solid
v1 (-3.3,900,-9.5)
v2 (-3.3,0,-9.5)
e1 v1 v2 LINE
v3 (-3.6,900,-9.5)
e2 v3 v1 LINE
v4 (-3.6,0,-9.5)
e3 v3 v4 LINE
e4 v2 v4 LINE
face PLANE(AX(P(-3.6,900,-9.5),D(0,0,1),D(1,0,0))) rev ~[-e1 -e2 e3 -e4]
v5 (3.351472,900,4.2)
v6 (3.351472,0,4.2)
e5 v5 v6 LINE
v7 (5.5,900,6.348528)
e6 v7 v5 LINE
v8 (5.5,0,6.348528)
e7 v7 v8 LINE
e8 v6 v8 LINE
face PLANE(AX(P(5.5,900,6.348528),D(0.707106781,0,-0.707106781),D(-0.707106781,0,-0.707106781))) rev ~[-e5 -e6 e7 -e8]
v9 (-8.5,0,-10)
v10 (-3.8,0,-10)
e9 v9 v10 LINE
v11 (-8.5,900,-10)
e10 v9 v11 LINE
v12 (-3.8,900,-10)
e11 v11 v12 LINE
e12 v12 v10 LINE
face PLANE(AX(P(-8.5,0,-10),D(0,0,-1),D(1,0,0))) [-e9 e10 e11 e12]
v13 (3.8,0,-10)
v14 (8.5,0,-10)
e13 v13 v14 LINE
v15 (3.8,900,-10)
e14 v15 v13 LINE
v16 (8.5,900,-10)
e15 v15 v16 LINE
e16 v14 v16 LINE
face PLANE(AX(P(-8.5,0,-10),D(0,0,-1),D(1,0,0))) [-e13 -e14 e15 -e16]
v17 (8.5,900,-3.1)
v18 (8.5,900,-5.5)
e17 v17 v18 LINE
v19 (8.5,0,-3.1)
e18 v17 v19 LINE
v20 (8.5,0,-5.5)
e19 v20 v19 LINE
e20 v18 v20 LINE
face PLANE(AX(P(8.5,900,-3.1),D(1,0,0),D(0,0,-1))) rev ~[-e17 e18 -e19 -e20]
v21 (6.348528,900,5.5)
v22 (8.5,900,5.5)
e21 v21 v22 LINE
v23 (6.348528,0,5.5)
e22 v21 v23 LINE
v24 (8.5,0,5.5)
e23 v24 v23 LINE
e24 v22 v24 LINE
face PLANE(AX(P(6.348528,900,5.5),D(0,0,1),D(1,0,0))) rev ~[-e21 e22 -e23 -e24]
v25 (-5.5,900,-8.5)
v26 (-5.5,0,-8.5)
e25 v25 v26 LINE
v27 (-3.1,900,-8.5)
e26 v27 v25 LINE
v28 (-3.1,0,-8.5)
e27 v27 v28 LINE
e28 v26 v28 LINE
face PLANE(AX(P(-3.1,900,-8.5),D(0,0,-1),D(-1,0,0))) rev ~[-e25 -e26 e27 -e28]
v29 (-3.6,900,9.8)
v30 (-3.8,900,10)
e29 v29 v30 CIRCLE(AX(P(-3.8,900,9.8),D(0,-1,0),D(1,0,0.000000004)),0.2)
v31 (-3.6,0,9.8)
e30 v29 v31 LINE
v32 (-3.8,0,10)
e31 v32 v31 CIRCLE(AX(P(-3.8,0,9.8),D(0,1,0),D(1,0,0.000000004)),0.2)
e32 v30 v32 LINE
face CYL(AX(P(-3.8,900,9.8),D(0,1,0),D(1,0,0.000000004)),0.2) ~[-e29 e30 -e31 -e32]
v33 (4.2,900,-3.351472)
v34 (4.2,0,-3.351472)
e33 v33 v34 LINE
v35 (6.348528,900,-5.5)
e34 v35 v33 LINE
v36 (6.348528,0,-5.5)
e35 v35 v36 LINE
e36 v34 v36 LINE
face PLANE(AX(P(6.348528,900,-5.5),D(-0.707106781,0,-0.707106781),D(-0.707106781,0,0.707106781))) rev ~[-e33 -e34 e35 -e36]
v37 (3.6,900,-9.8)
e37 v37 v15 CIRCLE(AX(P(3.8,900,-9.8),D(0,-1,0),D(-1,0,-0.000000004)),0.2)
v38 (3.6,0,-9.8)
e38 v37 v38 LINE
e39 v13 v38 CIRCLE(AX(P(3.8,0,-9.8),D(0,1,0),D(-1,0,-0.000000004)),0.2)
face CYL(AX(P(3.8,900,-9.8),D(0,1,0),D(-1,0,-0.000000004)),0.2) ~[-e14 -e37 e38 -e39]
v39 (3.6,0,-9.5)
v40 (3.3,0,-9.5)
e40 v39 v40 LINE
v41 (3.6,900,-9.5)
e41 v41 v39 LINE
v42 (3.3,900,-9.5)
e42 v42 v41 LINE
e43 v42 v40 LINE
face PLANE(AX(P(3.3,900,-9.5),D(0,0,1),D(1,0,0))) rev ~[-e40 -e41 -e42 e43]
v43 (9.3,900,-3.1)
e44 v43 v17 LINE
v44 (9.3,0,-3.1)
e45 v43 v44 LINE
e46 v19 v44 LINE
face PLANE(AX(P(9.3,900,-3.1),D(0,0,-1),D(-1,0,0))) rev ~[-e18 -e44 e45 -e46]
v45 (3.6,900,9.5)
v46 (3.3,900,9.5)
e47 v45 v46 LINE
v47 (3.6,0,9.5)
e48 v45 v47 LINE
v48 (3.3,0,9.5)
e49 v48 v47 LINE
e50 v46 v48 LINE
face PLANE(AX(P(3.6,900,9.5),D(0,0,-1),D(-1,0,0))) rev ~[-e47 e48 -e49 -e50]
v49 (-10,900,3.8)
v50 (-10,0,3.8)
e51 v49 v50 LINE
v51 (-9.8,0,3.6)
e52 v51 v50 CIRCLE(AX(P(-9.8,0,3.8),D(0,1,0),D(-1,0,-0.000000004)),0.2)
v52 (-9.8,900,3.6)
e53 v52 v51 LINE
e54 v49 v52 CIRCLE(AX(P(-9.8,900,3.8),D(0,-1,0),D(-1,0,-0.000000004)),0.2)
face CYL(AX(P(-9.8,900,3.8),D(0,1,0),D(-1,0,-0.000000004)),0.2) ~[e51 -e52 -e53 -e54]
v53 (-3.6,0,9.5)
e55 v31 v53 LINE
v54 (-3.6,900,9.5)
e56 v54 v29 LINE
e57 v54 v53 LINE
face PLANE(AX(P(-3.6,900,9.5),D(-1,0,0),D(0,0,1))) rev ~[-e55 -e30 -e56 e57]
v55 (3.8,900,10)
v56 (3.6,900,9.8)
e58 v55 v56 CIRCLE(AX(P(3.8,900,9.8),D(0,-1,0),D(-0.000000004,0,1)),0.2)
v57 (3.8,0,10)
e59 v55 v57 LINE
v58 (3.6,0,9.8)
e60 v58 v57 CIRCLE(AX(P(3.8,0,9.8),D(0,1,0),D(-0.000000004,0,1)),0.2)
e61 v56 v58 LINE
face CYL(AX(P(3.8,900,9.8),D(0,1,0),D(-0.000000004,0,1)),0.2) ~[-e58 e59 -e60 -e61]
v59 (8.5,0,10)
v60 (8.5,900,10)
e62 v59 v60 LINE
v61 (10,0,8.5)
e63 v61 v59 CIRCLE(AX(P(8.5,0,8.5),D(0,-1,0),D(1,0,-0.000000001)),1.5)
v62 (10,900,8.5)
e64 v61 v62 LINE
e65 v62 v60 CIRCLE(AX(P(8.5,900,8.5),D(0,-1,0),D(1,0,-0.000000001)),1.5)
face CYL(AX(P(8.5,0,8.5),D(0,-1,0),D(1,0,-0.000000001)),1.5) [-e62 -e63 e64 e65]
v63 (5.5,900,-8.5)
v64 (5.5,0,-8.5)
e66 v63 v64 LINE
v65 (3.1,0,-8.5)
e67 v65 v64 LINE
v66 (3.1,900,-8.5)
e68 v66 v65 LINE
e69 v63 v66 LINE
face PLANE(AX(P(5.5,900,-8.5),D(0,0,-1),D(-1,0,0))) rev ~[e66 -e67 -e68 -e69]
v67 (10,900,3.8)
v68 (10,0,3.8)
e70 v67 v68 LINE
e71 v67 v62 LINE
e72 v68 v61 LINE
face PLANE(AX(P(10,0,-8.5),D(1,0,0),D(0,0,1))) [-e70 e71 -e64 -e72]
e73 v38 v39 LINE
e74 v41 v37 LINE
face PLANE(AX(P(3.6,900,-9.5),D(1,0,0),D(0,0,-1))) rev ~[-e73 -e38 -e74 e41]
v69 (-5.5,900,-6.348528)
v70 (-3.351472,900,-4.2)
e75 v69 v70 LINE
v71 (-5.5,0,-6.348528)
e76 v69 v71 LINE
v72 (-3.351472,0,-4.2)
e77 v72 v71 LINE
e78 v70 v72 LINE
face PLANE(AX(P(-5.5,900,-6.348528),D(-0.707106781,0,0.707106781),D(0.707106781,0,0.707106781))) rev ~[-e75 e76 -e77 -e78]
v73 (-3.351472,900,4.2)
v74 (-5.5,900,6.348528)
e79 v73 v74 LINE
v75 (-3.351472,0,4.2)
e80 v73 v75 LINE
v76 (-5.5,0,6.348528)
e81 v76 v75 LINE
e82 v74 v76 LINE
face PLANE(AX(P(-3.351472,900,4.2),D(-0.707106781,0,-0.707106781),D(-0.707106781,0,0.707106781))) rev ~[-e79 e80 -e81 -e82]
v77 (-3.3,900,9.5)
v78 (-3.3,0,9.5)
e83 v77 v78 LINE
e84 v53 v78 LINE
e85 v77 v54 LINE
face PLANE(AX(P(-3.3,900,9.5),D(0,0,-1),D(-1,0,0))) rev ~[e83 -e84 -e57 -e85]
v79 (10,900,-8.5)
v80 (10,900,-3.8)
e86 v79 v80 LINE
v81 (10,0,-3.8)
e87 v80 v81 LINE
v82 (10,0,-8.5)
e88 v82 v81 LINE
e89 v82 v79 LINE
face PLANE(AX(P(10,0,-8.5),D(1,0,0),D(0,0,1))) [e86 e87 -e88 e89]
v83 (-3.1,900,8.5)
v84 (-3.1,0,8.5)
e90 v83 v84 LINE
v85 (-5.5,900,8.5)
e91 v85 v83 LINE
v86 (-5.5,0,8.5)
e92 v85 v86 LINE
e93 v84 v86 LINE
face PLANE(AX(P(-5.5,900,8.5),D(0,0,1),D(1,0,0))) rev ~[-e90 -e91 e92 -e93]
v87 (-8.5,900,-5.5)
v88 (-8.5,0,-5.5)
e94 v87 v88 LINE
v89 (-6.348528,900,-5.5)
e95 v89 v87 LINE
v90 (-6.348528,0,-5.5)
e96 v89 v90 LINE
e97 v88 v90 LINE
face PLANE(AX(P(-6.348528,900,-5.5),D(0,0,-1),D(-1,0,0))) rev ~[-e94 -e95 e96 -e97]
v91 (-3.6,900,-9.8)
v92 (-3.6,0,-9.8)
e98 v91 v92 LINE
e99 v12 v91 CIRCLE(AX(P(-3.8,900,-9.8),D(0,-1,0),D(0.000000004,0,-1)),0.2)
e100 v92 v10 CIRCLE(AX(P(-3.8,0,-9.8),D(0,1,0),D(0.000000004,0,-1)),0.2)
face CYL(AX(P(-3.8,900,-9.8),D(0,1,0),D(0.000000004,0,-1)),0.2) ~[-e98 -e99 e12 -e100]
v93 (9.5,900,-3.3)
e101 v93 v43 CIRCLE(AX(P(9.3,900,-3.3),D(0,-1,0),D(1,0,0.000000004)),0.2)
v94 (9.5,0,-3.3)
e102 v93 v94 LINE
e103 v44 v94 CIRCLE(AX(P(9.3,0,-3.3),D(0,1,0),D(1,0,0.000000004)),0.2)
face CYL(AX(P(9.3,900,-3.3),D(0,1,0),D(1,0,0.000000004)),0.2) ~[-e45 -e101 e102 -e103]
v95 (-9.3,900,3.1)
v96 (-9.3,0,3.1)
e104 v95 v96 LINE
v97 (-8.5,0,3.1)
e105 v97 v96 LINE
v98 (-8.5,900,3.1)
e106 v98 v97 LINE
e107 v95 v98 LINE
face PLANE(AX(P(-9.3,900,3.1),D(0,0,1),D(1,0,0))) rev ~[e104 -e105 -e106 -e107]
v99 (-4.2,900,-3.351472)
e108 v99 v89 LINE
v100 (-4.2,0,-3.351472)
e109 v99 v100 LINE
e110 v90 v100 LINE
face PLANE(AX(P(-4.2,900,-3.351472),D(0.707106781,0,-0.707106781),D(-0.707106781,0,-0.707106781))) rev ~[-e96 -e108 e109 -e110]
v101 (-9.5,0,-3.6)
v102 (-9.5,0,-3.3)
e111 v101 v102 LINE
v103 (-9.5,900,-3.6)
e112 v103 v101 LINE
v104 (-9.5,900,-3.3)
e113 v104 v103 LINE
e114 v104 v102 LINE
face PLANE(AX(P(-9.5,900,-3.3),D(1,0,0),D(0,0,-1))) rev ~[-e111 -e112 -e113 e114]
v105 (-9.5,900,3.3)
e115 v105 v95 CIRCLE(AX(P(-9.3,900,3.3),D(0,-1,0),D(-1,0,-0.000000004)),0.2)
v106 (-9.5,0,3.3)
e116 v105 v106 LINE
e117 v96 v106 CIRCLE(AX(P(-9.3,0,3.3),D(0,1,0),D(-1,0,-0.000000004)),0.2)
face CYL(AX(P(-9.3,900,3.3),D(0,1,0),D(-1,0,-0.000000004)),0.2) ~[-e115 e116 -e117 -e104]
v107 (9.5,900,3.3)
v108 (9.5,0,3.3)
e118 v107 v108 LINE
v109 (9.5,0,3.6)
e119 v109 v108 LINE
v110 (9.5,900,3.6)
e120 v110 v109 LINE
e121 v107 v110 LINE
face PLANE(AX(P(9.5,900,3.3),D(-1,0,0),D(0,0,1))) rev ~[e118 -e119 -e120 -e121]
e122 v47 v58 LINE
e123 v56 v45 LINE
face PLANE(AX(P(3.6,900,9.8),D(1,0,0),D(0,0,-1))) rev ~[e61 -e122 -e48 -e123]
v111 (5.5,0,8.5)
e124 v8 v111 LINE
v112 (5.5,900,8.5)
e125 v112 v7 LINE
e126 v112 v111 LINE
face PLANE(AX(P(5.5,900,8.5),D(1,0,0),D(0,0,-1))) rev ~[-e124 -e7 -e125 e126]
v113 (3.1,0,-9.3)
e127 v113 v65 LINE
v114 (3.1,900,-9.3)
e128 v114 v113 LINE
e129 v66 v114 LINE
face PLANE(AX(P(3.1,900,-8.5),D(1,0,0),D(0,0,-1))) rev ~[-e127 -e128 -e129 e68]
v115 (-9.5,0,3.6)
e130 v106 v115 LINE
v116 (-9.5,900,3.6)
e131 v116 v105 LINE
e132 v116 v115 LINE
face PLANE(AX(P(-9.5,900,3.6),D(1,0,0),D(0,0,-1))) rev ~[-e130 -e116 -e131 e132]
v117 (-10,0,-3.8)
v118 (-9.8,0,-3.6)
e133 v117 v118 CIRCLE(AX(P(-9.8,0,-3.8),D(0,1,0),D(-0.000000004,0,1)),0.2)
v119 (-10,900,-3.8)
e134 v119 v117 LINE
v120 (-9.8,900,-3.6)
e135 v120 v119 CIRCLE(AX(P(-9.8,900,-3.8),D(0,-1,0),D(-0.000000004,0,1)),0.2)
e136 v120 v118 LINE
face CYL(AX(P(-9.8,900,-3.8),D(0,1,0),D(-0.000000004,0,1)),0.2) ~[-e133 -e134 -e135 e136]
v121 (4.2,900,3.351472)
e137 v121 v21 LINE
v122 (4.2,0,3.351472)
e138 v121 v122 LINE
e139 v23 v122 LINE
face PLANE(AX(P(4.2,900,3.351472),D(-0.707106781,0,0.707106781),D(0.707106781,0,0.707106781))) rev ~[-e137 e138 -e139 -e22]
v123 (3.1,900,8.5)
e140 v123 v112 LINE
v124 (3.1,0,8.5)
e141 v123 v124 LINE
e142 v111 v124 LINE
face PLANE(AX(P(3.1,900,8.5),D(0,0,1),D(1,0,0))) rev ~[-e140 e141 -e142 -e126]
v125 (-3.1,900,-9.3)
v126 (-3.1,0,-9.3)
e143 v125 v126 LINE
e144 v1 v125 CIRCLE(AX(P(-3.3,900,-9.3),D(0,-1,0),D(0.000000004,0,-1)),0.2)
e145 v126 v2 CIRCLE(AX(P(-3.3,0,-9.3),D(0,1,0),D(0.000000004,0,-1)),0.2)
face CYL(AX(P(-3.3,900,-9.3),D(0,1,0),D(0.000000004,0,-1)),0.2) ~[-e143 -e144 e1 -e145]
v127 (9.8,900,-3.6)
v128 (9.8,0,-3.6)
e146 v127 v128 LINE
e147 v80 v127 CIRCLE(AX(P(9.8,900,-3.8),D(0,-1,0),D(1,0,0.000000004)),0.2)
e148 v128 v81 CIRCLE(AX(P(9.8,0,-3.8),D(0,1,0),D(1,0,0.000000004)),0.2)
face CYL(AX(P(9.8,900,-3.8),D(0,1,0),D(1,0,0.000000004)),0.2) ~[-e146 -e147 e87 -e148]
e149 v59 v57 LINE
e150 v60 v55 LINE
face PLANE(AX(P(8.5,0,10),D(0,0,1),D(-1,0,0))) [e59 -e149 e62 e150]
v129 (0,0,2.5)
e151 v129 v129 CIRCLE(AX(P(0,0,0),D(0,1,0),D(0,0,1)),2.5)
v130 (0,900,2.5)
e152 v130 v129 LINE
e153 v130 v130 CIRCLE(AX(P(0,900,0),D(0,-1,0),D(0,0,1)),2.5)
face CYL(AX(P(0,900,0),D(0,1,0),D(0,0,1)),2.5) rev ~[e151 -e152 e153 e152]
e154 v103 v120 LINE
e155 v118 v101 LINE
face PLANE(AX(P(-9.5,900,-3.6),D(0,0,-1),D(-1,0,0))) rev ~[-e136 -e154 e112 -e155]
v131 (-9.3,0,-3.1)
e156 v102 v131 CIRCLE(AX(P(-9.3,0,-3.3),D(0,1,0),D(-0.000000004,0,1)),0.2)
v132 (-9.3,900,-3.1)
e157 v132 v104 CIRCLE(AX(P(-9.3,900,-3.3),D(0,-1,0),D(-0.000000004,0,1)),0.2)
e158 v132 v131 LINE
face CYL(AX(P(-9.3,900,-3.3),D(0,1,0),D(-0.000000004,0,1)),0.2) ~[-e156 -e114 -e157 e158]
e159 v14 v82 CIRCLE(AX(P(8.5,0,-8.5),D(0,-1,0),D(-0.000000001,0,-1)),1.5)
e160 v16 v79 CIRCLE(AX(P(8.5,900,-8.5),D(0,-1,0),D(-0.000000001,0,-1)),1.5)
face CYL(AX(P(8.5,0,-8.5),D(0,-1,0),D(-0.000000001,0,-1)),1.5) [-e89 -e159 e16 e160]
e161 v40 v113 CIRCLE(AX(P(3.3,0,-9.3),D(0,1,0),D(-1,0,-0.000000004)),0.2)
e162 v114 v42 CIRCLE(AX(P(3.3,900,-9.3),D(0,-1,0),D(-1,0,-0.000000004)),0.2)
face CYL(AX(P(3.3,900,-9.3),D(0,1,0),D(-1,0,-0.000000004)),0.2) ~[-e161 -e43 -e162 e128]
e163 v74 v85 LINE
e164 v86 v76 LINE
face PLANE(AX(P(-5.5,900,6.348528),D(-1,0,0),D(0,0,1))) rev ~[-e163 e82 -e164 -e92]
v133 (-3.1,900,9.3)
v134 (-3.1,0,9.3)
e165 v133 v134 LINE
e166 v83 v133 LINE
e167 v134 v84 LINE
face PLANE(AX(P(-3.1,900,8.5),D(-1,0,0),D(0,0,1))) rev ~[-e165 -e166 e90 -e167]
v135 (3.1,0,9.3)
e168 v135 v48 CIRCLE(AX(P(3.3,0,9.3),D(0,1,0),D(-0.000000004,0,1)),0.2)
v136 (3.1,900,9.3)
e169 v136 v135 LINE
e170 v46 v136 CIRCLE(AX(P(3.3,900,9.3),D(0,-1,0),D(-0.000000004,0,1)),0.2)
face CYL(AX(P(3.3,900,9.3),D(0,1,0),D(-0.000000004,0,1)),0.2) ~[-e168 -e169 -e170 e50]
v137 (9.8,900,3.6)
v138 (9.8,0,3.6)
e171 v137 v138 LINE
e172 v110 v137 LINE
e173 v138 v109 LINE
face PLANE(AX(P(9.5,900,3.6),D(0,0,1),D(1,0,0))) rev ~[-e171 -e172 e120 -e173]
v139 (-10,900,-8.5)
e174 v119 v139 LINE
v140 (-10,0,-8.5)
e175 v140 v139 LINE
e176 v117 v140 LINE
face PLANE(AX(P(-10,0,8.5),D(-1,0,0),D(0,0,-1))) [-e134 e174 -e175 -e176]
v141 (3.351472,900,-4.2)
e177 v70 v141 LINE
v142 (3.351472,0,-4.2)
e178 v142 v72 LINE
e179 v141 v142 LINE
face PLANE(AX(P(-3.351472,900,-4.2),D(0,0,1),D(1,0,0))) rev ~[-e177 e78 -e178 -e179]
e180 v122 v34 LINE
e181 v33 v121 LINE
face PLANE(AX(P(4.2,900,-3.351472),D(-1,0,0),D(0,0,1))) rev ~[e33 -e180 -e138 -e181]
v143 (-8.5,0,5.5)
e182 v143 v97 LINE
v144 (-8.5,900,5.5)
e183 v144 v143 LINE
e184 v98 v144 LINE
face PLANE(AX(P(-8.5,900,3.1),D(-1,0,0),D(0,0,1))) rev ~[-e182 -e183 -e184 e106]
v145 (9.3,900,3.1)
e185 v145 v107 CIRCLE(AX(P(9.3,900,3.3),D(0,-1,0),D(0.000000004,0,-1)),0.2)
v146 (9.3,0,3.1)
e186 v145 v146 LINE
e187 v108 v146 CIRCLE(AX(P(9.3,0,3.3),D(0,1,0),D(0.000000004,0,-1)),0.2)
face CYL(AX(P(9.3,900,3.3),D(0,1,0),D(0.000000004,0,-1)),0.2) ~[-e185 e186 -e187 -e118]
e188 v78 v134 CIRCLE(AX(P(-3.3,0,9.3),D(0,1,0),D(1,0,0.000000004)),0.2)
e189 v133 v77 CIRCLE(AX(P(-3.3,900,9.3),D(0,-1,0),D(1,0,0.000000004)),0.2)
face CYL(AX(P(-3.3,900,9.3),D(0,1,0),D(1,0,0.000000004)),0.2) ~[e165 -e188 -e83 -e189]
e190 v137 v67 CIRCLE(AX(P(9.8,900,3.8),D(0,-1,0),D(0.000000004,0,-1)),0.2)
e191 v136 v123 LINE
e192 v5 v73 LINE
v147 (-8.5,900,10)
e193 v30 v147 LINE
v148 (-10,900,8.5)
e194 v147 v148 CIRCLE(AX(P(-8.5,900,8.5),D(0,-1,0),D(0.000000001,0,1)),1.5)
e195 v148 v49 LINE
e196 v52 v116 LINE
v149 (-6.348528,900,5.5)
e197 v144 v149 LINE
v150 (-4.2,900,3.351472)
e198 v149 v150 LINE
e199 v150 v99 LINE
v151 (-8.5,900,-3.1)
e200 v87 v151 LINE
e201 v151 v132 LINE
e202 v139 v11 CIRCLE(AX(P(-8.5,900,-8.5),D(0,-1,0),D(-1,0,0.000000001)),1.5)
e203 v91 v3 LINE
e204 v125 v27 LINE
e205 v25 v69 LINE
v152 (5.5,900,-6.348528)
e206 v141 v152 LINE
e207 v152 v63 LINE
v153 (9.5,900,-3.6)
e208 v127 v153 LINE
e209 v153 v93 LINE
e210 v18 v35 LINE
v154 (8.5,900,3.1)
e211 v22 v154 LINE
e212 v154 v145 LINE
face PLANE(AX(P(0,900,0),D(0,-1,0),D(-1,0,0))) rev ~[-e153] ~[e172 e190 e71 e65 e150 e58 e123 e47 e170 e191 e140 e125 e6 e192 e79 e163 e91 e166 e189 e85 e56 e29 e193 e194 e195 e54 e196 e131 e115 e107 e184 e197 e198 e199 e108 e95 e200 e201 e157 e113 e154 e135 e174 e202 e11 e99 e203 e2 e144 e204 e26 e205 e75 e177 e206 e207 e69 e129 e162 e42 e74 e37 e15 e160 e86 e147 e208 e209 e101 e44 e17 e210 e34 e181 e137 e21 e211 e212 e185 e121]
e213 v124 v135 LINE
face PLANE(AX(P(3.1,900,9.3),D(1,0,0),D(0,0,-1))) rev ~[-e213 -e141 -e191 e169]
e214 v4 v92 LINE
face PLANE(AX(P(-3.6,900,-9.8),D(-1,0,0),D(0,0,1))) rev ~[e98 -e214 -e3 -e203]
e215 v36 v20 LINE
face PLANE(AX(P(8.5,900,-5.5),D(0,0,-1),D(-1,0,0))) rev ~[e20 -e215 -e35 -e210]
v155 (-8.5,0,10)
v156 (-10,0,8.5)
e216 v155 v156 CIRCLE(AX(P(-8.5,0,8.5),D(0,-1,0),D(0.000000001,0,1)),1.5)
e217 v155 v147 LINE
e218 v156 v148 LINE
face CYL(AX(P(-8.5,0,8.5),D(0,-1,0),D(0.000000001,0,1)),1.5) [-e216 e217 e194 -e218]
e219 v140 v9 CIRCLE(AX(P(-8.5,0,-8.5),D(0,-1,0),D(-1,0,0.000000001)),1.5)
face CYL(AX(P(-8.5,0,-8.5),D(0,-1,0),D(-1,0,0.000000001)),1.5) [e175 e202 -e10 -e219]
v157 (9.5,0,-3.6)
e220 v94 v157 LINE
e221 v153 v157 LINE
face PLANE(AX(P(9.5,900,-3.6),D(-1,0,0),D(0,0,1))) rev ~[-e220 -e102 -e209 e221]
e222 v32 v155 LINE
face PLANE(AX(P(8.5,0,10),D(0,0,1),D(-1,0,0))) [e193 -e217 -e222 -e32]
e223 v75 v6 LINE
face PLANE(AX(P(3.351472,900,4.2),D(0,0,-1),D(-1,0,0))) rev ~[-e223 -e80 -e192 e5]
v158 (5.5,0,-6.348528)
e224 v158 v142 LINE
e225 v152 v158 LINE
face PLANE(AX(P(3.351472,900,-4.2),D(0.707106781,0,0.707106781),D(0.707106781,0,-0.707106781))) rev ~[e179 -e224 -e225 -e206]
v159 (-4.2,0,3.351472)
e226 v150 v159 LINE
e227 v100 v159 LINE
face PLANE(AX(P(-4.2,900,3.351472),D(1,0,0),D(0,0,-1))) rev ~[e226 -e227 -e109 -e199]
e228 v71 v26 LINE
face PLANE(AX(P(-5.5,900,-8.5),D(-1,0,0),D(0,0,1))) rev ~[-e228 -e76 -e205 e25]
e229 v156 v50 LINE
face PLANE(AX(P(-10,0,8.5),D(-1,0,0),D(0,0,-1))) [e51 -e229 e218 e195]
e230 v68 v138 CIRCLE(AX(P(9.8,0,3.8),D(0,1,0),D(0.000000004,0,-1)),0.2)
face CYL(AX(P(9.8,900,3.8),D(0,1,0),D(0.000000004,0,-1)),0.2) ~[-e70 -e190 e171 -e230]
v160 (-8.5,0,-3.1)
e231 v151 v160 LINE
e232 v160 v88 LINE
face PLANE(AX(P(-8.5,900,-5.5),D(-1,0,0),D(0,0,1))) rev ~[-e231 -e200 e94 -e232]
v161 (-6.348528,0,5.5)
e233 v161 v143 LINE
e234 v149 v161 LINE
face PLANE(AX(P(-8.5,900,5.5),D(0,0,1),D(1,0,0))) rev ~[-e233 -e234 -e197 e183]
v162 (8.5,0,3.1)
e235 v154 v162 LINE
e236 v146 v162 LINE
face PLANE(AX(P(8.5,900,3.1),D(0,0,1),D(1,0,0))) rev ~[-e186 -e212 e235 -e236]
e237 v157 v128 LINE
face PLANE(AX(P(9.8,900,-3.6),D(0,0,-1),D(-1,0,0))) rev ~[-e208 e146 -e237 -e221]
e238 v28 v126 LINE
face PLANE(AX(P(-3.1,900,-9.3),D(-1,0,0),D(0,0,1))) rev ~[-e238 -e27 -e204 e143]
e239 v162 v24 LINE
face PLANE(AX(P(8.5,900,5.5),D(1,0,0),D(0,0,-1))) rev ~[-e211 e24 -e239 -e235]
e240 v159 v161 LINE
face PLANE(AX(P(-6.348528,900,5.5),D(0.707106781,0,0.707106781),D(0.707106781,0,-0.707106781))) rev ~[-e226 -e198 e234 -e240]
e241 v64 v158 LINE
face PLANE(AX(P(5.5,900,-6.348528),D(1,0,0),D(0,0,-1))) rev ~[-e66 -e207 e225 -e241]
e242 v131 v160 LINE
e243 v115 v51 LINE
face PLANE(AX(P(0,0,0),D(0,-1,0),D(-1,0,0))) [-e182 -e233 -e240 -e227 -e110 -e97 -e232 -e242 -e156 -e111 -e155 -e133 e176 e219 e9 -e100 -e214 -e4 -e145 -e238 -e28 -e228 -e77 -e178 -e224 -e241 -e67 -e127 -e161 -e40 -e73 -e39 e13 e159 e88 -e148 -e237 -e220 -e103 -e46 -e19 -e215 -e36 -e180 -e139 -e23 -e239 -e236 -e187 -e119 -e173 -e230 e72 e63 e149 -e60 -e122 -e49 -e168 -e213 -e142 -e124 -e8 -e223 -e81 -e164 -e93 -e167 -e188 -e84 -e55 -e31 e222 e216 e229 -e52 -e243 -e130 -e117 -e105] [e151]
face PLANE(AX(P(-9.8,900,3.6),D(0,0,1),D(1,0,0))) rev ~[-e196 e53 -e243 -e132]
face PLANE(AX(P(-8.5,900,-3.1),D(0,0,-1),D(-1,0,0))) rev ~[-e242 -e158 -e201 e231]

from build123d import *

# Parameters (mm, degrees)
BOSS_EXTRUDE1_DEPTH = 900
SKETCH3_R           = 2.5
CUT_EXTRUDE1_DEPTH  = 901.111104253
CIRPATTERN1_COUNT   = 4


with BuildPart() as part:
    # Sketch2 → Boss-Extrude1 (new body)
    with BuildSketch(Plane(origin=(0, 0, 0), x_dir=(1, 0, 0), z_dir=(0, 1, 0))):
        with BuildLine():
            Line((-10, -8.5), (-10, 8.5))
            ThreePointArc((-10, 8.5), (-9.560660172, 9.560660172), (-8.5, 10))
            Line((-8.5, 10), (8.5, 10))
            ThreePointArc((8.5, 10), (9.560660172, 9.560660172), (10, 8.5))
            Line((10, 8.5), (10, -8.5))
            ThreePointArc((10, -8.5), (9.560660172, -9.560660172), (8.5, -10))
            Line((8.5, -10), (-8.5, -10))
            ThreePointArc((-8.5, -10), (-9.560660172, -9.560660172), (-10, -8.5))
        make_face()
    extrude(amount=BOSS_EXTRUDE1_DEPTH)

    # Sketch3 → Cut-Extrude1 (cut, through all)
    with BuildSketch(Plane(origin=(0, 900, 0), x_dir=(1, 0, 0), z_dir=(0, 1, 0))):
        with BuildLine():
            Line((-6.348528137, -5.5), (-4.2, -3.351471863))
            Line((-4.2, -3.351471863), (-4.2, 3.351471863))
            Line((-4.2, 3.351471863), (-6.348528137, 5.5))
            Line((-6.348528137, 5.5), (-8.5, 5.5))
            Line((-8.5, 5.5), (-8.5, 3.1))
            Line((-8.5, 3.1), (-9.3, 3.1))
            ThreePointArc((-9.3, 3.1), (-9.441421356, 3.158578644), (-9.5, 3.3))
            Line((-9.5, 3.3), (-9.5, 3.6))
            Line((-9.5, 3.6), (-9.8, 3.6))
            ThreePointArc((-9.8, 3.6), (-9.941421356, 3.658578644), (-10, 3.8))
            Line((-10, 3.8), (-10, -3.8))
            ThreePointArc((-10, -3.8), (-9.941421356, -3.658578644), (-9.8, -3.6))
            Line((-9.8, -3.6), (-9.5, -3.6))
            Line((-9.5, -3.6), (-9.5, -3.3))
            ThreePointArc((-9.5, -3.3), (-9.441421356, -3.158578644), (-9.3, -3.1))
            Line((-9.3, -3.1), (-8.5, -3.1))
            Line((-8.5, -3.1), (-8.5, -5.5))
            Line((-8.5, -5.5), (-6.348528137, -5.5))
        make_face()
        Circle(SKETCH3_R)
    cut_extrude1 = extrude(amount=-CUT_EXTRUDE1_DEPTH, mode=Mode.SUBTRACT)

    # CirPattern1: Cut-Extrude1 ×4 about axis
    cirpattern1_axis = Axis((0, -20, 0), (0, 1, 0))
    for i in range(1, CIRPATTERN1_COUNT):
        add(cut_extrude1.rotate(cirpattern1_axis, i * 360 / CIRPATTERN1_COUNT), mode=Mode.SUBTRACT)


solid = part.part
